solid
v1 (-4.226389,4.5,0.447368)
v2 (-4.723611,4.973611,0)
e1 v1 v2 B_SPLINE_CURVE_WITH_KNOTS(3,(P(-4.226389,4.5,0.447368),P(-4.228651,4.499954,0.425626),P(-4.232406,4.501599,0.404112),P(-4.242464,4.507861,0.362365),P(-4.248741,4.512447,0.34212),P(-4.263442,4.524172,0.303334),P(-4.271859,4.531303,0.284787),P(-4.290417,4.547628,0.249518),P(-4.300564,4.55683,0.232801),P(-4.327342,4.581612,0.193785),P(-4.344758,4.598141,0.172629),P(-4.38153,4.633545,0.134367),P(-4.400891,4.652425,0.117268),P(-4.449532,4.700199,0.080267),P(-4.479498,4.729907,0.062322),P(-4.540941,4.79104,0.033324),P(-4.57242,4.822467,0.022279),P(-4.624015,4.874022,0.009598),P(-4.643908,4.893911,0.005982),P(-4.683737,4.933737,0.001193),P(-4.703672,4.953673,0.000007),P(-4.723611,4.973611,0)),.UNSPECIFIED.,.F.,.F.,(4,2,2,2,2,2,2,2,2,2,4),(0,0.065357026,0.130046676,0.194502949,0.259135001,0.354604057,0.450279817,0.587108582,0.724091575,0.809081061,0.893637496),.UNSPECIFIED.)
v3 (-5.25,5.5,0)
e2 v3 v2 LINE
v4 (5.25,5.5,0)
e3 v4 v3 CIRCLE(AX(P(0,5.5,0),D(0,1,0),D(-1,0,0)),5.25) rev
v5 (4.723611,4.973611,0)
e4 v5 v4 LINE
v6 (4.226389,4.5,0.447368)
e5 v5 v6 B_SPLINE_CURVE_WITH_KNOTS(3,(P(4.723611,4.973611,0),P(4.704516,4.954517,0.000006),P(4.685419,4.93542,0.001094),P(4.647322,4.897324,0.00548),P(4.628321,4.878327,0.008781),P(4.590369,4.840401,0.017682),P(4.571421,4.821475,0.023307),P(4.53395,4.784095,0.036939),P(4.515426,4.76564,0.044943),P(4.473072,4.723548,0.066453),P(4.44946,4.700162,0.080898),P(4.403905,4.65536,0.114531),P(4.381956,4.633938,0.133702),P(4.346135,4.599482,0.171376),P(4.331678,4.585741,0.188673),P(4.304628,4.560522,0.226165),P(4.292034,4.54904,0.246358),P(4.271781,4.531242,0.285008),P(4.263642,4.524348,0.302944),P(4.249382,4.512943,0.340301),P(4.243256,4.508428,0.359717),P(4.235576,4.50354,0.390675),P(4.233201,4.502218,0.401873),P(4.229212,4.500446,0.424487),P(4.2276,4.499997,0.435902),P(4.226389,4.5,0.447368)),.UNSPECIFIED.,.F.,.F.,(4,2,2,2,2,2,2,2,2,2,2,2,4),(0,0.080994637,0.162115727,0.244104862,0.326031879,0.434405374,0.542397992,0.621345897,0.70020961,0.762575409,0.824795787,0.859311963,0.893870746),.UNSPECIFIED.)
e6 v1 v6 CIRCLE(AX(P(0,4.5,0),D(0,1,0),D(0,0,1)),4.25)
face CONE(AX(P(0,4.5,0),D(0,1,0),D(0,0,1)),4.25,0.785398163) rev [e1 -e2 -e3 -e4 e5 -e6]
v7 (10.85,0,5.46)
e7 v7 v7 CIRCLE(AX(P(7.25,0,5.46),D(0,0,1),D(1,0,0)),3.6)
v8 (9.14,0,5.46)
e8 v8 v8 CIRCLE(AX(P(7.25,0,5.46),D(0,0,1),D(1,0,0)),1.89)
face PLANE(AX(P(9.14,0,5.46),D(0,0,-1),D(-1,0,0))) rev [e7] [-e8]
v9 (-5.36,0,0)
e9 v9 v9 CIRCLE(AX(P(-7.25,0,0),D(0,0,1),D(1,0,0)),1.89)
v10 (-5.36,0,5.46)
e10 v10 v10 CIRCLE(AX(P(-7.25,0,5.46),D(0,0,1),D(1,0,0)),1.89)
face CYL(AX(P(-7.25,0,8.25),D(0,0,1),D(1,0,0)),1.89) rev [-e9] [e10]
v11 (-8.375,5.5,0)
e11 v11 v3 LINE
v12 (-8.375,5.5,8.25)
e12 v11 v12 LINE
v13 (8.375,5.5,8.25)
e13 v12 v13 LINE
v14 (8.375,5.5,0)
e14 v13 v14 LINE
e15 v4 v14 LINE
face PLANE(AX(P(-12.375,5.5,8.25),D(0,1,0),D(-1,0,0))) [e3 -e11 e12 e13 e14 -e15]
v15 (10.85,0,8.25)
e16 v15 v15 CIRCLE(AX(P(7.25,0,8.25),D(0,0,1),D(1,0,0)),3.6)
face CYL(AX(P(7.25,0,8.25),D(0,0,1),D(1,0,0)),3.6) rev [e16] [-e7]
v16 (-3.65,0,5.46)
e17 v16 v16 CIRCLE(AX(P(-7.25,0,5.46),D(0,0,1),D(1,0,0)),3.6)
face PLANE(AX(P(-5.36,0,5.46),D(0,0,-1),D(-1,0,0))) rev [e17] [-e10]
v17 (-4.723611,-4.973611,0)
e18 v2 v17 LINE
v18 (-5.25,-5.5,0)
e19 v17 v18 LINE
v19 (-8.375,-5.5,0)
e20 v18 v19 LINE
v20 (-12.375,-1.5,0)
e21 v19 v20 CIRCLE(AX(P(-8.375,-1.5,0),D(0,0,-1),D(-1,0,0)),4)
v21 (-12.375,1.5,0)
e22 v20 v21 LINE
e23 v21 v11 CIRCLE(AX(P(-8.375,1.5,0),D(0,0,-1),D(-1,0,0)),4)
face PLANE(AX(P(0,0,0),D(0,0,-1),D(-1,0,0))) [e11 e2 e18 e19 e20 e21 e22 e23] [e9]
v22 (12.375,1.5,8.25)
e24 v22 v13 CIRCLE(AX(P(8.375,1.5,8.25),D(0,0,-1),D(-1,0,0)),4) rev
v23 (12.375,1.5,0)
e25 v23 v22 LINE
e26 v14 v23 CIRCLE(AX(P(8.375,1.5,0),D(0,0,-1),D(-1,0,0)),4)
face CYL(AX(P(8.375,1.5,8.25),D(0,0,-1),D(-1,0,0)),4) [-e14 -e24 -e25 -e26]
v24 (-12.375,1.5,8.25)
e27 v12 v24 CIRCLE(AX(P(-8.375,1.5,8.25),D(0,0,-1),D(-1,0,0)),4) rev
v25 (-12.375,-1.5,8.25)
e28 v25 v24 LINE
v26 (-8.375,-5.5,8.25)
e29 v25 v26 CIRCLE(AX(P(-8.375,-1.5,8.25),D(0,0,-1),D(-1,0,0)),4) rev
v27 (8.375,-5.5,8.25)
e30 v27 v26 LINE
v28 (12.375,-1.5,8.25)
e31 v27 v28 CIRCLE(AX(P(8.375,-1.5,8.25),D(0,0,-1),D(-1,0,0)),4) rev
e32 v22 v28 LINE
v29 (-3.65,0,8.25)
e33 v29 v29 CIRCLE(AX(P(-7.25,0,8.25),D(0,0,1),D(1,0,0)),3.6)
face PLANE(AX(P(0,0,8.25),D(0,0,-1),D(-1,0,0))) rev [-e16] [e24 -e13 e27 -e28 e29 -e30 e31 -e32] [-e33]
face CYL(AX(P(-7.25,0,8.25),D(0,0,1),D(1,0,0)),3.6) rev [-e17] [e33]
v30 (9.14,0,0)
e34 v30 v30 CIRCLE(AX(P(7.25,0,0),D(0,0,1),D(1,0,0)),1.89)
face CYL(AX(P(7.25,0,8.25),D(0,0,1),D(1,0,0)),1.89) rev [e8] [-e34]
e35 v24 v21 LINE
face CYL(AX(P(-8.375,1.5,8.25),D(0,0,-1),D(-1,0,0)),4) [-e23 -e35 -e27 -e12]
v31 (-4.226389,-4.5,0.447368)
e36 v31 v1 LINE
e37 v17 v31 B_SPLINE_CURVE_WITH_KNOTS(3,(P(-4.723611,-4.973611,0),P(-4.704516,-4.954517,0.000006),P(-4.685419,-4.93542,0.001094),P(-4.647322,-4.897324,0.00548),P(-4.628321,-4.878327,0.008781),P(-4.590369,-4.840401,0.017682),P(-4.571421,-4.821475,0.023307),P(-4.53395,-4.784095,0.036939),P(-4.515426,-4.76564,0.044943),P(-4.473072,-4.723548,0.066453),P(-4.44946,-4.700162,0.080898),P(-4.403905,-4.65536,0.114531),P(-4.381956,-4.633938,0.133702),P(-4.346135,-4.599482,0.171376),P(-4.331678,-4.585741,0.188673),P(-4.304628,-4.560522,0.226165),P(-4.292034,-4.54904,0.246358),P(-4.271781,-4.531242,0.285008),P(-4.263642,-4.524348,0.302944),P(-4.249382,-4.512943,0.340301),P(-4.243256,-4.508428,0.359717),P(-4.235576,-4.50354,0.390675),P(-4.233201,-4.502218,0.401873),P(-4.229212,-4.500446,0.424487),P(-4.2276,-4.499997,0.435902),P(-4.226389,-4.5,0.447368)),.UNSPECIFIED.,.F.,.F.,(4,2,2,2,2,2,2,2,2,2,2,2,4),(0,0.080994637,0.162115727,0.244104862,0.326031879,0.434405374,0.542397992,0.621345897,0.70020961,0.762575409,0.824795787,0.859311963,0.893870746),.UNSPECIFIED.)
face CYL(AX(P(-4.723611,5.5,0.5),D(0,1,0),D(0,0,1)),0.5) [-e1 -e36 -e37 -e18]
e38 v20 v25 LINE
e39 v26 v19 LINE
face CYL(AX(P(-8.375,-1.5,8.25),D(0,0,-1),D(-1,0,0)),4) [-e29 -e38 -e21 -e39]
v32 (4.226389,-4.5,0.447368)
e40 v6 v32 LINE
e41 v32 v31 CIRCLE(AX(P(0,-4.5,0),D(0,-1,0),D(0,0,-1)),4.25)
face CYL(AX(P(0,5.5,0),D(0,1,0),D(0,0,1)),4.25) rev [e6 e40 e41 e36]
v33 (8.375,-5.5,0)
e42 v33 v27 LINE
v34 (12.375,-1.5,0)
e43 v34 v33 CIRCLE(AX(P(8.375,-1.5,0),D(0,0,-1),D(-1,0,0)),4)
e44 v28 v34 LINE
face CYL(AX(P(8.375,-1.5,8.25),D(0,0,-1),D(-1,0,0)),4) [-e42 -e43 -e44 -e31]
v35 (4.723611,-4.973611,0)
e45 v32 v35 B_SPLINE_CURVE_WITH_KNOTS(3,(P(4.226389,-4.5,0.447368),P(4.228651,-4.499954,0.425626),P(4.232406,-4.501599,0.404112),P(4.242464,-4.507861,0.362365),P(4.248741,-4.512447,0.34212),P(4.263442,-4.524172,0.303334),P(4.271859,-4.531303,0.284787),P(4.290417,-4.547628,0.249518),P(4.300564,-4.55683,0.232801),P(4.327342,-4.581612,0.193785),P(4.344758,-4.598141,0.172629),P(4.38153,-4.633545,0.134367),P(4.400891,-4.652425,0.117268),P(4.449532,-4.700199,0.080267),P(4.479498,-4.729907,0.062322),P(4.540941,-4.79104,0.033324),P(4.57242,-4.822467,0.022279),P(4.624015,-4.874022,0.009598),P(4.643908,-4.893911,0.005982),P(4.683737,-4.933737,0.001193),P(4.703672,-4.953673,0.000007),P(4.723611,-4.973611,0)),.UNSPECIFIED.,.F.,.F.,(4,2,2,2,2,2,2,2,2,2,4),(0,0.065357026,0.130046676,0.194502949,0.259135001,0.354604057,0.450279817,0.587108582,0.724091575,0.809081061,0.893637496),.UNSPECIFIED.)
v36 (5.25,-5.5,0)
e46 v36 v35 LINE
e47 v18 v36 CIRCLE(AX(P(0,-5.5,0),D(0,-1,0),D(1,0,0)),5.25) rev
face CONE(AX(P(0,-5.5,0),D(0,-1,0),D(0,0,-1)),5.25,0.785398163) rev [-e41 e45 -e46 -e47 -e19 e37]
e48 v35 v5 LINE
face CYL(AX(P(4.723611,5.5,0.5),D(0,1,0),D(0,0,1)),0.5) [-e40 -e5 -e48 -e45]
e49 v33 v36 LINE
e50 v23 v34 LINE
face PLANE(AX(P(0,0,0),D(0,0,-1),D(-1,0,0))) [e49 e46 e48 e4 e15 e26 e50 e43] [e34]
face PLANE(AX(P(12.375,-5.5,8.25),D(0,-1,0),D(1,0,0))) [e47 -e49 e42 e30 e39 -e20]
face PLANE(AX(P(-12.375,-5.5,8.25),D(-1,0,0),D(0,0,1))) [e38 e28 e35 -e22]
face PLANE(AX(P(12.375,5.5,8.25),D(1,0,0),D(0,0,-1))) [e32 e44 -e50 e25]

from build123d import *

# Parameters (mm, degrees)
CROQUIS1_W                                           = 24.75
CROQUIS1_H                                           = 11
SALIENTE_EXTRUIR1_DEPTH                              = 8.25
REFRENTADO_PARA_TORNILLO_CON_CABEZA_HEXA_D           = 3.78
REFRENTADO_PARA_TORNILLO_CON_CABEZA_HEXA_DEPTH       = 8.25
REFRENTADO_PARA_TORNILLO_CON_CABEZA_HEXA_CBORE_D     = 7.2
REFRENTADO_PARA_TORNILLO_CON_CABEZA_HEXA_CBORE_DEPTH = 2.79
DI_METRO_DE_TALADRO_8_5_8_5_1_D                      = 8.5
DI_METRO_DE_TALADRO_8_5_8_5_1_DEPTH                  = 11
CHAFL_N1_SIZE                                        = 1
REDONDEO1_R                                          = 0.5
REDONDEO2_R                                          = 4


with BuildPart() as part:
    # Croquis1 → Saliente-Extruir1 (new body)
    with BuildSketch(Plane(origin=(0, 0, 0), x_dir=(-1, 0, 0), z_dir=(0, 0, -1))):
        Rectangle(CROQUIS1_W, CROQUIS1_H)
    extrude(amount=-SALIENTE_EXTRUIR1_DEPTH)

    # Refrentado para tornillo con cabeza hexagonal de M3.51
    with Locations(Plane.XY.offset(8.25)):
        with Locations((-7.25, 0), (7.25, 0)):
            CounterBoreHole(REFRENTADO_PARA_TORNILLO_CON_CABEZA_HEXA_D / 2, REFRENTADO_PARA_TORNILLO_CON_CABEZA_HEXA_CBORE_D / 2, REFRENTADO_PARA_TORNILLO_CON_CABEZA_HEXA_CBORE_DEPTH, depth=REFRENTADO_PARA_TORNILLO_CON_CABEZA_HEXA_DEPTH)

    # Diámetro de taladro Ø8.5 (8.5)1
    with Locations(Plane(origin=(0, 5.5, 0), x_dir=(1, 0, 0), z_dir=(0, 1, 0))):
        with Locations((0, 0)):
            Hole(DI_METRO_DE_TALADRO_8_5_8_5_1_D / 2, depth=DI_METRO_DE_TALADRO_8_5_8_5_1_DEPTH)

    # Chaflán1
    chafl_n1_edges = [part.edges().sort_by_distance(p)[0] for p in [
        (0, 5.5, 4.25),
        (0, -5.5, 4.25),
    ]]
    chamfer(chafl_n1_edges, length=CHAFL_N1_SIZE)

    # Redondeo1
    redondeo1_edges = [part.edges().sort_by_distance(p)[0] for p in [
        (4.25, 0, 0),
        (-4.25, 0, 0),
    ]]
    fillet(redondeo1_edges, radius=REDONDEO1_R)

    # Redondeo2
    redondeo2_edges = [part.edges().sort_by_distance(p)[0] for p in [
        (-12.375, 5.5, 4.125),
        (-12.375, -5.5, 4.125),
        (12.375, -5.5, 4.125),
        (12.375, 5.5, 4.125),
    ]]
    fillet(redondeo2_edges, radius=REDONDEO2_R)


solid = part.part
